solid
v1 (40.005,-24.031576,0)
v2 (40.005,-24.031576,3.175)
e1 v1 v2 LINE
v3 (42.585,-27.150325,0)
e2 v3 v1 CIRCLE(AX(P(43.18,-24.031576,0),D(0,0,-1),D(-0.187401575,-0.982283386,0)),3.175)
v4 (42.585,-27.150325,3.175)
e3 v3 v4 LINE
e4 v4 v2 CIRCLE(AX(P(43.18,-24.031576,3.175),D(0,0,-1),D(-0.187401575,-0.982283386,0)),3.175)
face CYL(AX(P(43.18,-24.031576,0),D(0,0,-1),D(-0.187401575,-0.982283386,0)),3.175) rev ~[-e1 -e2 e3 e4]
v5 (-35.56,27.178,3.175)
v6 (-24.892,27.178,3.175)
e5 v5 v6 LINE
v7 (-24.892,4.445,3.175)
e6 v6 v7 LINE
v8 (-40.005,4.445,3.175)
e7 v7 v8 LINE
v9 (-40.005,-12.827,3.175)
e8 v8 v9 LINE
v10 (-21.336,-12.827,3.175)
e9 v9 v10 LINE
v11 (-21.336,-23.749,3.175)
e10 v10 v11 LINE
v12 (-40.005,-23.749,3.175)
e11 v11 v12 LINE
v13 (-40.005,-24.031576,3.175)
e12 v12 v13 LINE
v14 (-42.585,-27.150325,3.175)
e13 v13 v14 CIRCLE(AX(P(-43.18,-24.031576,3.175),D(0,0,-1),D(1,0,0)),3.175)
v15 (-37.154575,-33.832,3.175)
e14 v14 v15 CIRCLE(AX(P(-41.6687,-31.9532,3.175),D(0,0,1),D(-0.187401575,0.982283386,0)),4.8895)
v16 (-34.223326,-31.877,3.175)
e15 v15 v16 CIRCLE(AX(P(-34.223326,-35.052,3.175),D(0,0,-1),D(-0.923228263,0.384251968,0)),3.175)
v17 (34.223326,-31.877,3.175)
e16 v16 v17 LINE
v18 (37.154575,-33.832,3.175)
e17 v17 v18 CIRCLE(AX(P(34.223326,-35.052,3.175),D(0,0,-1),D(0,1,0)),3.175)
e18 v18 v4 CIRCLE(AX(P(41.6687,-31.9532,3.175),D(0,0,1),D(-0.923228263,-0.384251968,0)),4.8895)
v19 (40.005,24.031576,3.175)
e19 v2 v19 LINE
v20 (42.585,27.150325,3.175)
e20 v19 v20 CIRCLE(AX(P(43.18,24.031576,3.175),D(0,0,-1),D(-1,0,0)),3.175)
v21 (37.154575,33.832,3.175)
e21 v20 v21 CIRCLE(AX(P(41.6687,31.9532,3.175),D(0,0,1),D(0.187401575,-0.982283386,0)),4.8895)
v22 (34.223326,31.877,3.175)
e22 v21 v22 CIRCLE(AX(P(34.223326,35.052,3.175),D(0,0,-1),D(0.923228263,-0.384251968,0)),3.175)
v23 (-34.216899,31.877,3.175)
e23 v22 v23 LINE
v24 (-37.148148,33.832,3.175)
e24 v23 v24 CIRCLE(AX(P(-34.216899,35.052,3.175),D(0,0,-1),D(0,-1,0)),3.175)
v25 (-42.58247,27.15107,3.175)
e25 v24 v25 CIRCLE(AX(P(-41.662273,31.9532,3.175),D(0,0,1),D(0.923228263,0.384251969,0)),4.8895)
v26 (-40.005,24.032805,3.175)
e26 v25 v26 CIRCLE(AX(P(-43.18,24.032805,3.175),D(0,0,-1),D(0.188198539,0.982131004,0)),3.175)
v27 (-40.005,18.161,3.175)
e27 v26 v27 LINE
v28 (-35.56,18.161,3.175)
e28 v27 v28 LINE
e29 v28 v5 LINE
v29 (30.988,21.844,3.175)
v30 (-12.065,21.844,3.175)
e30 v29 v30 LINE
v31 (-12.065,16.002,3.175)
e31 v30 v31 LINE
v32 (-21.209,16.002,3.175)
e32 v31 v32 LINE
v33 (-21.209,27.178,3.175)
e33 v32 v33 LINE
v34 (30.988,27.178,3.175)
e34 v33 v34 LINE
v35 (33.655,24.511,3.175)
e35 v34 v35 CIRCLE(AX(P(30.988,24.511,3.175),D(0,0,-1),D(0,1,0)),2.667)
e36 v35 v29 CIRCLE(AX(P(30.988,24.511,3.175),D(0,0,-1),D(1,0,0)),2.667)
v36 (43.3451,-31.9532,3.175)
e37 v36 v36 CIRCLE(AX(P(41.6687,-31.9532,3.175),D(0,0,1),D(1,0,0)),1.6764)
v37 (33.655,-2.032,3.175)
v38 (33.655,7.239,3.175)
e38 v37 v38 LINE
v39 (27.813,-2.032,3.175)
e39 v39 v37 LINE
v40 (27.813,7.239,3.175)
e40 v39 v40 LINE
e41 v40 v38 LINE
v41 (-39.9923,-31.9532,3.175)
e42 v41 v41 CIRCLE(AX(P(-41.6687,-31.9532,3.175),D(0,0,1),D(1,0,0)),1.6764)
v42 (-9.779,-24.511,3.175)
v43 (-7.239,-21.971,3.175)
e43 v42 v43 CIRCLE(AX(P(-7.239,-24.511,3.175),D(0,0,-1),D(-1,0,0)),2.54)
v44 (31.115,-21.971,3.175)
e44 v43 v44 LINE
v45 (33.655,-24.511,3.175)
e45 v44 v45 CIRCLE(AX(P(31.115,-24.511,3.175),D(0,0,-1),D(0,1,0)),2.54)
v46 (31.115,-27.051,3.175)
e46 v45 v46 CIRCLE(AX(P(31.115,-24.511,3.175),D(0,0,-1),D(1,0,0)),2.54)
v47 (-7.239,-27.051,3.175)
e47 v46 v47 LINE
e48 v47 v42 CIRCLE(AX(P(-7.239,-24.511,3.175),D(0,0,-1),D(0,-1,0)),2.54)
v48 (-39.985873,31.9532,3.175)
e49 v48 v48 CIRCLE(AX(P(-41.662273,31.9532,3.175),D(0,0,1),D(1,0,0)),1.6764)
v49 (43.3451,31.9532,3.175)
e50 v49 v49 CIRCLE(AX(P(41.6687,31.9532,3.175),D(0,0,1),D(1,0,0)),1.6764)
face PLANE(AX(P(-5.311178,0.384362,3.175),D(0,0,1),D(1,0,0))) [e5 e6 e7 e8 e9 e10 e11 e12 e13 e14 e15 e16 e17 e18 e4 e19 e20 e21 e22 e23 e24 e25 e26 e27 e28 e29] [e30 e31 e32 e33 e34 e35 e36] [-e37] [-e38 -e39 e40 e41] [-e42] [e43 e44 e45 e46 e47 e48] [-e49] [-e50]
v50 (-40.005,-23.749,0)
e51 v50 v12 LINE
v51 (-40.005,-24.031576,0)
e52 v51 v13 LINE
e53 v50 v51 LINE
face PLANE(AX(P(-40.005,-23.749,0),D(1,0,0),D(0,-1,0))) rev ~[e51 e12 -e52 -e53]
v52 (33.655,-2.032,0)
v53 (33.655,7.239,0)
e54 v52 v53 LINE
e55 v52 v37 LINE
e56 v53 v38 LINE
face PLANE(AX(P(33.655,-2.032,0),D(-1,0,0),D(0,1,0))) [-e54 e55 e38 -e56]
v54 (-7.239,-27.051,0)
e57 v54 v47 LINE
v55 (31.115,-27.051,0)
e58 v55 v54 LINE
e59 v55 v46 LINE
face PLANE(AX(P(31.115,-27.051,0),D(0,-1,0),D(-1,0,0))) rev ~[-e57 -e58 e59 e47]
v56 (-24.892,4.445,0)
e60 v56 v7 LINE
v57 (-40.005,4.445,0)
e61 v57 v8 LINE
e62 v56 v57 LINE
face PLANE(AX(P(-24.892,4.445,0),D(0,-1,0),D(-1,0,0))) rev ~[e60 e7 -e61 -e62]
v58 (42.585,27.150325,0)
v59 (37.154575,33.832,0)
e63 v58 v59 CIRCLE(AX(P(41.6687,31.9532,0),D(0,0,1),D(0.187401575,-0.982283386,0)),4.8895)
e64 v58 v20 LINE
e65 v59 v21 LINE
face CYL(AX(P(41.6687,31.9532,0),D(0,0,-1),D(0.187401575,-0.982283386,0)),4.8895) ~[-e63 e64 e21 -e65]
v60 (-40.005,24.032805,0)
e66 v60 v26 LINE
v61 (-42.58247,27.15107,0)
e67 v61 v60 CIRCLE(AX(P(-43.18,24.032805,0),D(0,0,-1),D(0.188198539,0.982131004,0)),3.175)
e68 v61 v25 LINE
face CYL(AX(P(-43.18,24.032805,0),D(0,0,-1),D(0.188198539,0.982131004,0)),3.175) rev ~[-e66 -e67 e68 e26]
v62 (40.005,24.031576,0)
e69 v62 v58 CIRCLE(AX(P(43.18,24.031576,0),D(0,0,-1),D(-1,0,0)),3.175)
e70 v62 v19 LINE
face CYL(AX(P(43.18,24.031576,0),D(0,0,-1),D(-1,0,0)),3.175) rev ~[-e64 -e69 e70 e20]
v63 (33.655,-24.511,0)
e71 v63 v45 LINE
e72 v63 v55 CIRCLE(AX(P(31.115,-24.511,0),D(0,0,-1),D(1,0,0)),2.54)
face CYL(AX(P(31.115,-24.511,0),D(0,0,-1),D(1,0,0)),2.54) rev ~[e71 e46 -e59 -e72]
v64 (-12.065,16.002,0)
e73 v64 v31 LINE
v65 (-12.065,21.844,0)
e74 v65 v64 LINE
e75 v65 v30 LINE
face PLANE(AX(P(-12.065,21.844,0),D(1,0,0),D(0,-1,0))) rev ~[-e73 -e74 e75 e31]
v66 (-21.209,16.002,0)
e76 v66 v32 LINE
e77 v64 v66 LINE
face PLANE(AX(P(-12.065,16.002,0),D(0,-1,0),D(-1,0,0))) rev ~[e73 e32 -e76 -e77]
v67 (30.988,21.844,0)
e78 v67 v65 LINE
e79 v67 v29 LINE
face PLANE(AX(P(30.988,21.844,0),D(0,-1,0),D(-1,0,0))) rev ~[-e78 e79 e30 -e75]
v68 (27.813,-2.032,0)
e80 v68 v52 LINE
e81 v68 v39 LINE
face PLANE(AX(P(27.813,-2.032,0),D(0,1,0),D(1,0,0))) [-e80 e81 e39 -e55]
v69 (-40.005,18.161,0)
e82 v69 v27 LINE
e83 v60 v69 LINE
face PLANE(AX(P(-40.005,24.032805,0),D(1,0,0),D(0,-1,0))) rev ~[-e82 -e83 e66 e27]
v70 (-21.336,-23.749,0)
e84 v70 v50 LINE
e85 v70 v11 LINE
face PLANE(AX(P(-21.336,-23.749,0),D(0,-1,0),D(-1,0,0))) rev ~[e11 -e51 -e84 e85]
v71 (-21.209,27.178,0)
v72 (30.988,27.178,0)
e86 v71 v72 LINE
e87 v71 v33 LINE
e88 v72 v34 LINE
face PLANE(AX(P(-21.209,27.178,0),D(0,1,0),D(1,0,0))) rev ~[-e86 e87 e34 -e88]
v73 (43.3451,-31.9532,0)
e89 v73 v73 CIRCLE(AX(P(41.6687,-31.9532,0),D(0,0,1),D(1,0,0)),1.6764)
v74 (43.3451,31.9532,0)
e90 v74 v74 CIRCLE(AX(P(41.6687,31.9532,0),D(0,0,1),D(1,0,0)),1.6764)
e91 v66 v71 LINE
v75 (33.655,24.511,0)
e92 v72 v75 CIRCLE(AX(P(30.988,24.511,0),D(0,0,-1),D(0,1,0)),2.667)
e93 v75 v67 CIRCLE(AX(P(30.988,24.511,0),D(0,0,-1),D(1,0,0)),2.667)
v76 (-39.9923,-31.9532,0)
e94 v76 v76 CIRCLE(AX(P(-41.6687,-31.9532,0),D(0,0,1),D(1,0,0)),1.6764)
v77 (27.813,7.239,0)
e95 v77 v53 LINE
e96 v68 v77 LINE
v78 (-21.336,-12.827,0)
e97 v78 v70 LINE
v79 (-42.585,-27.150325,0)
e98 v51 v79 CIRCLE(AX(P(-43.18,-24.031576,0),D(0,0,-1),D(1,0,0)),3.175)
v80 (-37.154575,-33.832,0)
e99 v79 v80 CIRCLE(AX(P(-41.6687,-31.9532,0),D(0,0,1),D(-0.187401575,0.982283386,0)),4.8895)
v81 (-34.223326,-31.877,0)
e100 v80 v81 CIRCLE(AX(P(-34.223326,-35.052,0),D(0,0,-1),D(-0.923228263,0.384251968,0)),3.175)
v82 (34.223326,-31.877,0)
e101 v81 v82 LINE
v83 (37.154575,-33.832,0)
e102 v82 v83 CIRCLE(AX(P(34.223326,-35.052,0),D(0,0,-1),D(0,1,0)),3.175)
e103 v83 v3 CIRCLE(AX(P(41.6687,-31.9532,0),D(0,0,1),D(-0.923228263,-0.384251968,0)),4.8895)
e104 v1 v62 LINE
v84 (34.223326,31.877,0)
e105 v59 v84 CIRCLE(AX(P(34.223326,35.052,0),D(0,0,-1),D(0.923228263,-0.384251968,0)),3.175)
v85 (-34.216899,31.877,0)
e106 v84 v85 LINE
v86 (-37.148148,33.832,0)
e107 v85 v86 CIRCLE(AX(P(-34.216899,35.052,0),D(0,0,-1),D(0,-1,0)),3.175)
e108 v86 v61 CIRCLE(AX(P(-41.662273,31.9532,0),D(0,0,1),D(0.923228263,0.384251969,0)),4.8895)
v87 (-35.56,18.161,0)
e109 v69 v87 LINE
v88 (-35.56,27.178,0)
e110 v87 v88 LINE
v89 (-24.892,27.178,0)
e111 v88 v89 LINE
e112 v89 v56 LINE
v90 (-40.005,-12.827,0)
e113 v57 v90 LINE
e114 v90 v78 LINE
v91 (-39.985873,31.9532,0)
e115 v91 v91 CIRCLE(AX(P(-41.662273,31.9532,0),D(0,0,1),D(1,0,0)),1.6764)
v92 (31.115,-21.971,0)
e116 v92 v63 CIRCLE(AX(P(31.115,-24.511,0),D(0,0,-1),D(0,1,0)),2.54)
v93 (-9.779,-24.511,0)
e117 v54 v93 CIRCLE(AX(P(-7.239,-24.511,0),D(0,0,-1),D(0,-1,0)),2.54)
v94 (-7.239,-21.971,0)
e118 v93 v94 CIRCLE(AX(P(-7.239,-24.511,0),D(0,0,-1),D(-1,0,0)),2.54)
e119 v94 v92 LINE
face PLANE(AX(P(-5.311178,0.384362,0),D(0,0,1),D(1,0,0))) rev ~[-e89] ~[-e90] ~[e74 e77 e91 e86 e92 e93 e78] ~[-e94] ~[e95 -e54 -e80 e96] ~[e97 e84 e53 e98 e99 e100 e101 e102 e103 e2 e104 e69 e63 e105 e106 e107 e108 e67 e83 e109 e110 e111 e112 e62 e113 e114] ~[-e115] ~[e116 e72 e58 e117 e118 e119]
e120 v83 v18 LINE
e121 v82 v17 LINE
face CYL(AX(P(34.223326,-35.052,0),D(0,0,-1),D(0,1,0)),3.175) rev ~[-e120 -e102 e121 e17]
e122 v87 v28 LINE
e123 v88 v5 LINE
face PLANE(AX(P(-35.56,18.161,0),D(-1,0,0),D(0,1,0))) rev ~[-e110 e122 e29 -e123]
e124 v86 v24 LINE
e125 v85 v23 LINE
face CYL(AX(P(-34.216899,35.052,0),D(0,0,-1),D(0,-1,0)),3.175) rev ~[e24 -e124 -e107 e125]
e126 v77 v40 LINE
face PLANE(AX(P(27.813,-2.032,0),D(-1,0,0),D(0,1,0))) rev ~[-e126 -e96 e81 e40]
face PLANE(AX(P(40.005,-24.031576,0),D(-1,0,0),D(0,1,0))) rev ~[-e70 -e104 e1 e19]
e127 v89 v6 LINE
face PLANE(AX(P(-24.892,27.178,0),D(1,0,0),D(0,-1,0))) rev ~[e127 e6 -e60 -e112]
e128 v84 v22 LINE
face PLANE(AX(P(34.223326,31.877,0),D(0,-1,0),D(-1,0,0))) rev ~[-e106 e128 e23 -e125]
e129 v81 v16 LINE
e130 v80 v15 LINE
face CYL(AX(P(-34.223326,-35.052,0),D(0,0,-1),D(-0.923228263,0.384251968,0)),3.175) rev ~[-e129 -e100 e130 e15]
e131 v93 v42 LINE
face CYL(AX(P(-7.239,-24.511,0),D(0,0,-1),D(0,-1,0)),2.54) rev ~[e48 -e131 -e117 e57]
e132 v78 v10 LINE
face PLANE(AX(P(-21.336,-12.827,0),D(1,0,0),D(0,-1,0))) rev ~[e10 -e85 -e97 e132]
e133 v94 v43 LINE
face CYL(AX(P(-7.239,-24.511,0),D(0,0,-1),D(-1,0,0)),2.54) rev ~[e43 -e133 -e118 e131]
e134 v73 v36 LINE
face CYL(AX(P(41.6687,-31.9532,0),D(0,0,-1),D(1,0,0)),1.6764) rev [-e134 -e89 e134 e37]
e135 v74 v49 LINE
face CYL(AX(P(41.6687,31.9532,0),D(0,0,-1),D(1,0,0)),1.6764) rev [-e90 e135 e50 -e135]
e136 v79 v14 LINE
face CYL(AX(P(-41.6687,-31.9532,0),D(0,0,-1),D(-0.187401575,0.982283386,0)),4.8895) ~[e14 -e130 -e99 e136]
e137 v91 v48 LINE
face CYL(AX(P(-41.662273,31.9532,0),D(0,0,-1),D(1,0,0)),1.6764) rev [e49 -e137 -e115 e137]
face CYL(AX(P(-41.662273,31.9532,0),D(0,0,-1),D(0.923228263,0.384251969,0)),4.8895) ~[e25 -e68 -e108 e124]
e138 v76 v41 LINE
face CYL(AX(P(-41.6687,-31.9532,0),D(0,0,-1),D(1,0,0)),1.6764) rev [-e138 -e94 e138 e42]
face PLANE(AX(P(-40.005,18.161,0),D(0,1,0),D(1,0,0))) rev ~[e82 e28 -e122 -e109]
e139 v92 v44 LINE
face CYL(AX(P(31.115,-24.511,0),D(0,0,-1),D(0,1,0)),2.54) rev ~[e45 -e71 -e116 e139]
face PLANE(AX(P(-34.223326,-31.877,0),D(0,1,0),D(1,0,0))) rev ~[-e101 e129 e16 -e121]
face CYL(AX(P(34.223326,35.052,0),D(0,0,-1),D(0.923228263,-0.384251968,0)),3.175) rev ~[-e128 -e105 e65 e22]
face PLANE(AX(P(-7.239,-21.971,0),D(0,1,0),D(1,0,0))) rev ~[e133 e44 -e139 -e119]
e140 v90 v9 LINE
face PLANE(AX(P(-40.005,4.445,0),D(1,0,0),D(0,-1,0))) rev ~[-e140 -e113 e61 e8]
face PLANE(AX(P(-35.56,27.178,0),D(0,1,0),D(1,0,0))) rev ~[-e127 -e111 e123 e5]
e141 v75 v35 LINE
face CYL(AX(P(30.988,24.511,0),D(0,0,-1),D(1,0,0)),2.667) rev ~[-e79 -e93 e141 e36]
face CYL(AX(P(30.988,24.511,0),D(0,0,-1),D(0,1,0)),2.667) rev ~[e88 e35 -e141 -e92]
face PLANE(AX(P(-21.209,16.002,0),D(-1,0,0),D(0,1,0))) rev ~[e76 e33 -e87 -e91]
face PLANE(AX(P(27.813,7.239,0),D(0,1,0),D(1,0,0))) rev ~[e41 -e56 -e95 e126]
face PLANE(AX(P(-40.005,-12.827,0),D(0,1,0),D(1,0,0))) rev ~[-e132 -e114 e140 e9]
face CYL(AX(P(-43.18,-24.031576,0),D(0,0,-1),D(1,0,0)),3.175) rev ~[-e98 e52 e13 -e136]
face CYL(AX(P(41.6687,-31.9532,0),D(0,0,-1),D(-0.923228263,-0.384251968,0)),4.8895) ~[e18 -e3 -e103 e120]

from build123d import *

# Parameters (mm, degrees)
F0_R     = 1.6764
F0_W     = 5.842
F0_H     = 9.271
F1_DEPTH = 3.175


with BuildPart() as f1:
    # F0 (on Top) → F1 (new body)
    with BuildSketch(Plane.XY):
        with BuildLine():
            Line((34.223325677, 31.877), (-34.2168985559, 31.877))
            ThreePointArc((-34.2168985559, 31.877), (-35.9785916336, 32.4105870259), (-37.1481482894, 33.832))
            ThreePointArc((-37.1481482894, 33.832), (-45.4553961584, 35.0385567114), (-42.5824696374, 27.1510704541))
            ThreePointArc((-42.5824696374, 27.1510704541), (-40.7327787287, 26.0556077803), (-40.005, 24.0328045152))
            Line((-40.005, 24.0328045152), (-40.005, 18.161))
            Line((-40.005, 18.161), (-35.56, 18.161))
            Line((-35.56, 18.161), (-35.56, 27.178))
            Line((-35.56, 27.178), (-24.892, 27.178))
            Line((-24.892, 27.178), (-24.892, 4.445))
            Line((-24.892, 4.445), (-35.56, 4.445))
            Line((-35.56, 4.445), (-40.005, 4.445))
            Line((-40.005, 4.445), (-40.005, -12.827))
            Line((-40.005, -12.827), (-21.336, -12.827))
            Line((-21.336, -12.827), (-21.336, -23.749))
            Line((-21.336, -23.749), (-40.005, -23.749))
            Line((-40.005, -23.749), (-40.005, -24.0315756363))
            ThreePointArc((-40.005, -24.0315756363), (-40.7335995831, -26.0553715746), (-42.585, -27.1503253858))
            ThreePointArc((-42.585, -27.1503253858), (-45.4630746991, -35.0370175843), (-37.1545754104, -33.832))
            ThreePointArc((-37.1545754104, -33.832), (-35.9850187547, -32.4105870259), (-34.223325677, -31.877))
            Line((-34.223325677, -31.877), (34.223325677, -31.877))
            ThreePointArc((34.223325677, -31.877), (35.9850187547, -32.4105870259), (37.1545754104, -33.832))
            ThreePointArc((37.1545754104, -33.832), (45.4630746991, -35.0370175843), (42.585, -27.1503253858))
            ThreePointArc((42.585, -27.1503253858), (40.7335995831, -26.0553715746), (40.005, -24.0315756363))
            Line((40.005, -24.0315756363), (40.005, 24.0315756363))
            ThreePointArc((40.005, 24.0315756363), (40.7335995831, 26.0553715746), (42.585, 27.1503253858))
            ThreePointArc((42.585, 27.1503253858), (45.4630746991, 35.0370175843), (37.1545754104, 33.832))
            ThreePointArc((37.1545754104, 33.832), (35.9850187547, 32.4105870259), (34.223325677, 31.877))
        make_face()
        with Locations((-41.6687, -31.9532)):
            Circle(F0_R, mode=Mode.SUBTRACT)
        with BuildLine():
            Line((31.115, -27.051), (-7.239, -27.051))
            ThreePointArc((-7.239, -27.051), (-9.0350512242, -26.3070512242), (-9.779, -24.511))
            ThreePointArc((-9.779, -24.511), (-9.0350512242, -22.7149487758), (-7.239, -21.971))
            Line((-7.239, -21.971), (31.115, -21.971))
            ThreePointArc((31.115, -21.971), (32.9110512242, -22.7149487758), (33.655, -24.511))
            ThreePointArc((33.655, -24.511), (32.9110512242, -26.3070512242), (31.115, -27.051))
        make_face(mode=Mode.SUBTRACT)
        with Locations((41.6687, -31.9532)):
            Circle(F0_R, mode=Mode.SUBTRACT)
        with Locations((-41.6622728789, 31.9532)):
            Circle(F0_R, mode=Mode.SUBTRACT)
        with Locations((30.734, 2.6035)):
            Rectangle(F0_W, F0_H, mode=Mode.SUBTRACT)
        with BuildLine():
            Line((-21.209, 16.002), (-21.209, 27.178))
            Line((-21.209, 27.178), (30.988, 27.178))
            ThreePointArc((30.988, 27.178), (32.8738537854, 26.3968537854), (33.655, 24.511))
            ThreePointArc((33.655, 24.511), (32.8738537854, 22.6251462146), (30.988, 21.844))
            Line((30.988, 21.844), (-9.779, 21.844))
            Line((-9.779, 21.844), (-12.065, 21.844))
            Line((-12.065, 21.844), (-12.065, 16.002))
            Line((-12.065, 16.002), (-21.209, 16.002))
        make_face(mode=Mode.SUBTRACT)
        with Locations((41.6687, 31.9532)):
            Circle(F0_R, mode=Mode.SUBTRACT)
    extrude(amount=F1_DEPTH)


solid = f1.part
